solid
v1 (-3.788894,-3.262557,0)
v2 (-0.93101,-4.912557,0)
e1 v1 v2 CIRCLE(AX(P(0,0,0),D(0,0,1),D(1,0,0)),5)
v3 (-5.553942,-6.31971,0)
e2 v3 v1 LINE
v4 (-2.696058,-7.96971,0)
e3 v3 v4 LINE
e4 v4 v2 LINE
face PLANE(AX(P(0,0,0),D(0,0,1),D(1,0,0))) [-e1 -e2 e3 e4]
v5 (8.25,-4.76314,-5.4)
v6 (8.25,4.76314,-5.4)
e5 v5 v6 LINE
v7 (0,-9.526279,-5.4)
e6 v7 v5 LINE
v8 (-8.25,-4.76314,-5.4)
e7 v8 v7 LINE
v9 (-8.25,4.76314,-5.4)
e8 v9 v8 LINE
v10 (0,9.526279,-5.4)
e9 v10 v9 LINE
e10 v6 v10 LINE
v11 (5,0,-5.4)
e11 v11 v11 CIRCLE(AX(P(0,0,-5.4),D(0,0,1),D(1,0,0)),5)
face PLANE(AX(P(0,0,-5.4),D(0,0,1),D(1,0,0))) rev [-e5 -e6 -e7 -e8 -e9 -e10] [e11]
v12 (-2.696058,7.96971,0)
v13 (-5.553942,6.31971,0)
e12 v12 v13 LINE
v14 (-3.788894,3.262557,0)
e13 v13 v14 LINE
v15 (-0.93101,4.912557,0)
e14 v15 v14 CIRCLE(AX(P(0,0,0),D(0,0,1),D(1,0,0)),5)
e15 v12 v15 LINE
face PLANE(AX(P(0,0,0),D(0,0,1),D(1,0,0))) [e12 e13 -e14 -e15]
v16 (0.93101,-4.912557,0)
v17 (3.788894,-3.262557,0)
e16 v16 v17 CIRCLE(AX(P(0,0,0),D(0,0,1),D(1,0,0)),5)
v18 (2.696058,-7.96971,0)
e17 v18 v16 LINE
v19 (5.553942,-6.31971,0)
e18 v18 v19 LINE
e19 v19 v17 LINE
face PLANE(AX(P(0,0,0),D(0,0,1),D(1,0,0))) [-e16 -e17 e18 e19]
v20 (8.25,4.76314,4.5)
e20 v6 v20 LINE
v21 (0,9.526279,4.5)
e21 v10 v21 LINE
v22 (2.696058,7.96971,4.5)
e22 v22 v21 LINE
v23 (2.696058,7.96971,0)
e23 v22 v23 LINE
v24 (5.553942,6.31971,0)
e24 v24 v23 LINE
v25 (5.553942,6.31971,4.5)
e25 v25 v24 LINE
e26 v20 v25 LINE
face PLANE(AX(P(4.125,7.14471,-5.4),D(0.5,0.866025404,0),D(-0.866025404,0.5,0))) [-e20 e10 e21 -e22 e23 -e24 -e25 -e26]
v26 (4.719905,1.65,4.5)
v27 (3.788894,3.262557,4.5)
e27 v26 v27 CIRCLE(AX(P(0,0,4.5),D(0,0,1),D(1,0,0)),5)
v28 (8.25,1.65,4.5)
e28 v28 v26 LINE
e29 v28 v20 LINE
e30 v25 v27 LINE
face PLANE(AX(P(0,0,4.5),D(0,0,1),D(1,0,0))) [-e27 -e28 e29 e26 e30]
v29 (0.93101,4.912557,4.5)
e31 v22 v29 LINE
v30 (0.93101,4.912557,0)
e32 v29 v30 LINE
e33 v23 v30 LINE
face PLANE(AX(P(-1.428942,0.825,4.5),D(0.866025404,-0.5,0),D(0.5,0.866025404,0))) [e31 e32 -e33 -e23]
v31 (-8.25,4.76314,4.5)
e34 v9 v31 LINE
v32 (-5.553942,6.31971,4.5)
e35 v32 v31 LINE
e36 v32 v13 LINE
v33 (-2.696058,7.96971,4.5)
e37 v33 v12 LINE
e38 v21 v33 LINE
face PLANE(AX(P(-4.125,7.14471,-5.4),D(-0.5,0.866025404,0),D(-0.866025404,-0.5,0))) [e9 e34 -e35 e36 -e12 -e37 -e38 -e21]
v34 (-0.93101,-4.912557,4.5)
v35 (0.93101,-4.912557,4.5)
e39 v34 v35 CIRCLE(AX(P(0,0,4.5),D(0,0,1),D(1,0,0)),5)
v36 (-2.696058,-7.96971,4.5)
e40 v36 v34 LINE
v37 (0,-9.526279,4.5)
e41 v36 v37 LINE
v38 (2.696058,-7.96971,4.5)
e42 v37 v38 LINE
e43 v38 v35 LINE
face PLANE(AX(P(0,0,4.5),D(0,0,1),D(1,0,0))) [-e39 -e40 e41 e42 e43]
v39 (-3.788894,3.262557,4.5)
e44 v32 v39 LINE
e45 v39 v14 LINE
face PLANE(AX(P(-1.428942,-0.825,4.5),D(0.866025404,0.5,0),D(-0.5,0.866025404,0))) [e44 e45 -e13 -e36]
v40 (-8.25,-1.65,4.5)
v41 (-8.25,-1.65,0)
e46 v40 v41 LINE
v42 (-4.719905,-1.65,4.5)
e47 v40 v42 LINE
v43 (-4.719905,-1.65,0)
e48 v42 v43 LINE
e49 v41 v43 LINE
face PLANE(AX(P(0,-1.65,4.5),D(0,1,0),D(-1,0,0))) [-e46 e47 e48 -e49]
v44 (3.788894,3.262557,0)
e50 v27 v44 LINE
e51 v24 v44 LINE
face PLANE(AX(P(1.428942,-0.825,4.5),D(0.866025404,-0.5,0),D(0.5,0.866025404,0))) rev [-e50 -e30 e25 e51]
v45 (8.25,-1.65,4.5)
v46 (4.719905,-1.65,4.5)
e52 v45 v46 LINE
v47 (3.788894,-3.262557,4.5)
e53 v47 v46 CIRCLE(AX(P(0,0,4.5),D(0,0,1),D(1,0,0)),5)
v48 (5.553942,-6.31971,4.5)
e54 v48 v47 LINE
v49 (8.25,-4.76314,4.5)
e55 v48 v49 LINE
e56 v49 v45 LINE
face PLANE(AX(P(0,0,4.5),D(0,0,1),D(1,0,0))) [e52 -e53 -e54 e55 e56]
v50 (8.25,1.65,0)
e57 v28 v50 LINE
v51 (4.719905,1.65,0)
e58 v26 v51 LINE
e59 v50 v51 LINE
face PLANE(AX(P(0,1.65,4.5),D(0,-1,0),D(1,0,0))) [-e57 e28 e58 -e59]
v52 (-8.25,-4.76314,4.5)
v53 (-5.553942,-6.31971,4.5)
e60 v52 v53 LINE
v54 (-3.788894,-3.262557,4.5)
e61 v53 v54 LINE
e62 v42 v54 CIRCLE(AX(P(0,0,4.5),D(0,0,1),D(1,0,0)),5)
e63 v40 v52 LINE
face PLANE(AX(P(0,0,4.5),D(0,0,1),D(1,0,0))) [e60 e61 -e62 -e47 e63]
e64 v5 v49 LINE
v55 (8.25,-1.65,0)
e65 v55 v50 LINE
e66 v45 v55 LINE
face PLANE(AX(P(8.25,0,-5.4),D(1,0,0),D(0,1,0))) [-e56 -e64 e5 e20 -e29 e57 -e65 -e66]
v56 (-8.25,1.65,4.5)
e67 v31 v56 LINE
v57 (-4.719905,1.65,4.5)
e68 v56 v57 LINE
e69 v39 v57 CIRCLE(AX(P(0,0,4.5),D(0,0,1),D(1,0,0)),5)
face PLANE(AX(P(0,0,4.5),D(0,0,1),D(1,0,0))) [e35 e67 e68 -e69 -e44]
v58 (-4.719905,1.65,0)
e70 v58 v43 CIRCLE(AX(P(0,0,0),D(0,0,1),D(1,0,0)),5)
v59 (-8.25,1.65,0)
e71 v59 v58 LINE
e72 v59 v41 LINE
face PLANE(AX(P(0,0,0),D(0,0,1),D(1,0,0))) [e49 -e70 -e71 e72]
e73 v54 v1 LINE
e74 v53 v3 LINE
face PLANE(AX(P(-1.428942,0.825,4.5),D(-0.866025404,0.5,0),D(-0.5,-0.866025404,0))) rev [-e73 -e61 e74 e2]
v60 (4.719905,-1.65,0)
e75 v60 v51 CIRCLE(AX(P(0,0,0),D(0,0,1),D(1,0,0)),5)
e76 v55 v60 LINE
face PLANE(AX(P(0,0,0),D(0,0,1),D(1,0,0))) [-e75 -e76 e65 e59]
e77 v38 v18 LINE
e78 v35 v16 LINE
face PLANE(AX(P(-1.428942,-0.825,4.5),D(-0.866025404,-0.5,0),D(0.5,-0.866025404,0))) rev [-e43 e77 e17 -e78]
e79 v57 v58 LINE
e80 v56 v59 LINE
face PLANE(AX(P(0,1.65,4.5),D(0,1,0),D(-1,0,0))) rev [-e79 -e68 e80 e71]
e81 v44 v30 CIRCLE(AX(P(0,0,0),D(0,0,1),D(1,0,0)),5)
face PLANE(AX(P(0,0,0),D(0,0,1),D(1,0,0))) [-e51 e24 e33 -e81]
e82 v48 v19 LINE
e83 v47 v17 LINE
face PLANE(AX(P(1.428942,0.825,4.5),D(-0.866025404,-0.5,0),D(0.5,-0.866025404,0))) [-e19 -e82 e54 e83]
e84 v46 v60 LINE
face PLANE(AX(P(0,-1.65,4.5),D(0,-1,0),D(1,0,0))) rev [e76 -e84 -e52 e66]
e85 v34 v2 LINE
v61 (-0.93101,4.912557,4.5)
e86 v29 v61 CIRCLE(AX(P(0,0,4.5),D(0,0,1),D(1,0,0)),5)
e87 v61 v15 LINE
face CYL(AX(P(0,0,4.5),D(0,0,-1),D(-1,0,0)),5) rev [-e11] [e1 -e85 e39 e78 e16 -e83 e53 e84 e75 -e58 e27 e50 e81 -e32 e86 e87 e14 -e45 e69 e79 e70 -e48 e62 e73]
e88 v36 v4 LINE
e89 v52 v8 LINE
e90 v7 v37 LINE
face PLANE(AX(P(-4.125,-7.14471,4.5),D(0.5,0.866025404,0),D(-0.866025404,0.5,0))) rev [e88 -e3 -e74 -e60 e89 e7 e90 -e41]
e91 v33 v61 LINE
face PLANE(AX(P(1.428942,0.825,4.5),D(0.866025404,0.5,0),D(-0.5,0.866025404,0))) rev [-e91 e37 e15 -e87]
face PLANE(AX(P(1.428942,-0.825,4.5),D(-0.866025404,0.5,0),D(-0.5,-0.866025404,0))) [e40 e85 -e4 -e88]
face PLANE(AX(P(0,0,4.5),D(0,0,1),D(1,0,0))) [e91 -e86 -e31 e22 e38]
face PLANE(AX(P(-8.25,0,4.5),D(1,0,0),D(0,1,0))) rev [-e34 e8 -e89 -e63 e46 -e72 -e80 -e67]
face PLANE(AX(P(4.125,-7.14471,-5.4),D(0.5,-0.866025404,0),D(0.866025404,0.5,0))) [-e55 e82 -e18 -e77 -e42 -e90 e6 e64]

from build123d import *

# Parameters (mm, degrees)
EXTRUDE_1_DEPTH   = 4.5
EXTRUDE_1_2_DEPTH = 4.5
EXTRUDE_1_3_DEPTH = 4.5
EXTRUDE_1_4_DEPTH = 4.5
EXTRUDE_1_5_DEPTH = 4.5
EXTRUDE_1_6_DEPTH = 4.5
EXTRUDE_START     = -5.4
SKETCH_1_4_R      = 5
EXTRUDE_2_DEPTH   = 5.4


with BuildPart() as part:
    # 草图1 → 凸台-拉伸1 (new body)
    with BuildSketch(Plane.XY):
        with BuildLine():
            Line((-2.696058084, -7.969709581), (0, -9.526279442))
            Line((0, -9.526279442), (2.696058084, -7.969709581))
            Line((2.696058084, -7.969709581), (0.931010414, -4.912557339))
            ThreePointArc((0.931010414, -4.912557339), (0, -5), (-0.931010414, -4.912557339))
            Line((-0.931010414, -4.912557339), (-2.696058084, -7.969709581))
        make_face()
    extrude(amount=EXTRUDE_1_DEPTH)



with BuildPart() as body_2:
    # 草图1 → Extrude 1 2 (new body)
    with BuildSketch(Plane.XY):
        with BuildLine():
            Line((3.788894246, -3.262557339), (5.553941916, -6.319709581))
            Line((5.553941916, -6.319709581), (8.25, -4.763139721))
            Line((8.25, -4.763139721), (8.25, -1.65))
            Line((8.25, -1.65), (4.71990466, -1.65))
            ThreePointArc((4.71990466, -1.65), (4.330127019, -2.5), (3.788894246, -3.262557339))
        make_face()
    extrude(amount=EXTRUDE_1_2_DEPTH)


with BuildPart() as body_3:
    # 草图1 → Extrude 1 3 (new body)
    with BuildSketch(Plane.XY):
        with BuildLine():
            Line((-8.25, -4.763139721), (-5.553941916, -6.319709581))
            Line((-5.553941916, -6.319709581), (-3.788894246, -3.262557339))
            ThreePointArc((-3.788894246, -3.262557339), (-4.330127019, -2.5), (-4.71990466, -1.65))
            Line((-4.71990466, -1.65), (-8.25, -1.65))
            Line((-8.25, -1.65), (-8.25, -4.763139721))
        make_face()
    extrude(amount=EXTRUDE_1_3_DEPTH)


with BuildPart() as body_4:
    # 草图1 → Extrude 1 4 (new body)
    with BuildSketch(Plane.XY):
        with BuildLine():
            Line((4.71990466, 1.65), (8.25, 1.65))
            Line((8.25, 1.65), (8.25, 4.763139721))
            Line((8.25, 4.763139721), (5.553941916, 6.319709581))
            Line((5.553941916, 6.319709581), (3.788894246, 3.262557339))
            ThreePointArc((3.788894246, 3.262557339), (4.330127019, 2.5), (4.71990466, 1.65))
        make_face()
    extrude(amount=EXTRUDE_1_4_DEPTH)


with BuildPart() as body_5:
    # 草图1 → Extrude 1 5 (new body)
    with BuildSketch(Plane.XY):
        with BuildLine():
            Line((-8.25, 4.763139721), (-8.25, 1.65))
            Line((-8.25, 1.65), (-4.71990466, 1.65))
            ThreePointArc((-4.71990466, 1.65), (-4.330127019, 2.5), (-3.788894246, 3.262557339))
            Line((-3.788894246, 3.262557339), (-5.553941916, 6.319709581))
            Line((-5.553941916, 6.319709581), (-8.25, 4.763139721))
        make_face()
    extrude(amount=EXTRUDE_1_5_DEPTH)


with BuildPart() as body_6:
    # 草图1 → Extrude 1 6 (new body)
    with BuildSketch(Plane.XY):
        with BuildLine():
            Line((-2.696058084, 7.969709581), (-0.931010414, 4.912557339))
            ThreePointArc((-0.931010414, 4.912557339), (0, 5), (0.931010414, 4.912557339))
            Line((0.931010414, 4.912557339), (2.696058084, 7.969709581))
            Line((2.696058084, 7.969709581), (0, 9.526279442))
            Line((0, 9.526279442), (-2.696058084, 7.969709581))
        make_face()
    extrude(amount=EXTRUDE_1_6_DEPTH)


with BuildPart() as part_1:
    add(part.part)

    add(body_2.part)  # 凸台-拉伸2 merges body 2

    add(body_3.part)  # 凸台-拉伸2 merges body 3

    add(body_4.part)  # 凸台-拉伸2 merges body 4

    add(body_5.part)  # 凸台-拉伸2 merges body 5

    add(body_6.part)  # 凸台-拉伸2 merges body 6
    # 草图1<4> → 凸台-拉伸2 (add)
    with BuildSketch(Plane.XY.offset(EXTRUDE_START)):
        Polygon((0, -9.526279442), (8.25, -4.763139721), (8.25, 4.763139721), (0, 9.526279442), (-8.25, 4.763139721), (-8.25, -4.763139721), align=None)
        Circle(SKETCH_1_4_R, mode=Mode.SUBTRACT)
    extrude(amount=EXTRUDE_2_DEPTH)


solid = part_1.part
